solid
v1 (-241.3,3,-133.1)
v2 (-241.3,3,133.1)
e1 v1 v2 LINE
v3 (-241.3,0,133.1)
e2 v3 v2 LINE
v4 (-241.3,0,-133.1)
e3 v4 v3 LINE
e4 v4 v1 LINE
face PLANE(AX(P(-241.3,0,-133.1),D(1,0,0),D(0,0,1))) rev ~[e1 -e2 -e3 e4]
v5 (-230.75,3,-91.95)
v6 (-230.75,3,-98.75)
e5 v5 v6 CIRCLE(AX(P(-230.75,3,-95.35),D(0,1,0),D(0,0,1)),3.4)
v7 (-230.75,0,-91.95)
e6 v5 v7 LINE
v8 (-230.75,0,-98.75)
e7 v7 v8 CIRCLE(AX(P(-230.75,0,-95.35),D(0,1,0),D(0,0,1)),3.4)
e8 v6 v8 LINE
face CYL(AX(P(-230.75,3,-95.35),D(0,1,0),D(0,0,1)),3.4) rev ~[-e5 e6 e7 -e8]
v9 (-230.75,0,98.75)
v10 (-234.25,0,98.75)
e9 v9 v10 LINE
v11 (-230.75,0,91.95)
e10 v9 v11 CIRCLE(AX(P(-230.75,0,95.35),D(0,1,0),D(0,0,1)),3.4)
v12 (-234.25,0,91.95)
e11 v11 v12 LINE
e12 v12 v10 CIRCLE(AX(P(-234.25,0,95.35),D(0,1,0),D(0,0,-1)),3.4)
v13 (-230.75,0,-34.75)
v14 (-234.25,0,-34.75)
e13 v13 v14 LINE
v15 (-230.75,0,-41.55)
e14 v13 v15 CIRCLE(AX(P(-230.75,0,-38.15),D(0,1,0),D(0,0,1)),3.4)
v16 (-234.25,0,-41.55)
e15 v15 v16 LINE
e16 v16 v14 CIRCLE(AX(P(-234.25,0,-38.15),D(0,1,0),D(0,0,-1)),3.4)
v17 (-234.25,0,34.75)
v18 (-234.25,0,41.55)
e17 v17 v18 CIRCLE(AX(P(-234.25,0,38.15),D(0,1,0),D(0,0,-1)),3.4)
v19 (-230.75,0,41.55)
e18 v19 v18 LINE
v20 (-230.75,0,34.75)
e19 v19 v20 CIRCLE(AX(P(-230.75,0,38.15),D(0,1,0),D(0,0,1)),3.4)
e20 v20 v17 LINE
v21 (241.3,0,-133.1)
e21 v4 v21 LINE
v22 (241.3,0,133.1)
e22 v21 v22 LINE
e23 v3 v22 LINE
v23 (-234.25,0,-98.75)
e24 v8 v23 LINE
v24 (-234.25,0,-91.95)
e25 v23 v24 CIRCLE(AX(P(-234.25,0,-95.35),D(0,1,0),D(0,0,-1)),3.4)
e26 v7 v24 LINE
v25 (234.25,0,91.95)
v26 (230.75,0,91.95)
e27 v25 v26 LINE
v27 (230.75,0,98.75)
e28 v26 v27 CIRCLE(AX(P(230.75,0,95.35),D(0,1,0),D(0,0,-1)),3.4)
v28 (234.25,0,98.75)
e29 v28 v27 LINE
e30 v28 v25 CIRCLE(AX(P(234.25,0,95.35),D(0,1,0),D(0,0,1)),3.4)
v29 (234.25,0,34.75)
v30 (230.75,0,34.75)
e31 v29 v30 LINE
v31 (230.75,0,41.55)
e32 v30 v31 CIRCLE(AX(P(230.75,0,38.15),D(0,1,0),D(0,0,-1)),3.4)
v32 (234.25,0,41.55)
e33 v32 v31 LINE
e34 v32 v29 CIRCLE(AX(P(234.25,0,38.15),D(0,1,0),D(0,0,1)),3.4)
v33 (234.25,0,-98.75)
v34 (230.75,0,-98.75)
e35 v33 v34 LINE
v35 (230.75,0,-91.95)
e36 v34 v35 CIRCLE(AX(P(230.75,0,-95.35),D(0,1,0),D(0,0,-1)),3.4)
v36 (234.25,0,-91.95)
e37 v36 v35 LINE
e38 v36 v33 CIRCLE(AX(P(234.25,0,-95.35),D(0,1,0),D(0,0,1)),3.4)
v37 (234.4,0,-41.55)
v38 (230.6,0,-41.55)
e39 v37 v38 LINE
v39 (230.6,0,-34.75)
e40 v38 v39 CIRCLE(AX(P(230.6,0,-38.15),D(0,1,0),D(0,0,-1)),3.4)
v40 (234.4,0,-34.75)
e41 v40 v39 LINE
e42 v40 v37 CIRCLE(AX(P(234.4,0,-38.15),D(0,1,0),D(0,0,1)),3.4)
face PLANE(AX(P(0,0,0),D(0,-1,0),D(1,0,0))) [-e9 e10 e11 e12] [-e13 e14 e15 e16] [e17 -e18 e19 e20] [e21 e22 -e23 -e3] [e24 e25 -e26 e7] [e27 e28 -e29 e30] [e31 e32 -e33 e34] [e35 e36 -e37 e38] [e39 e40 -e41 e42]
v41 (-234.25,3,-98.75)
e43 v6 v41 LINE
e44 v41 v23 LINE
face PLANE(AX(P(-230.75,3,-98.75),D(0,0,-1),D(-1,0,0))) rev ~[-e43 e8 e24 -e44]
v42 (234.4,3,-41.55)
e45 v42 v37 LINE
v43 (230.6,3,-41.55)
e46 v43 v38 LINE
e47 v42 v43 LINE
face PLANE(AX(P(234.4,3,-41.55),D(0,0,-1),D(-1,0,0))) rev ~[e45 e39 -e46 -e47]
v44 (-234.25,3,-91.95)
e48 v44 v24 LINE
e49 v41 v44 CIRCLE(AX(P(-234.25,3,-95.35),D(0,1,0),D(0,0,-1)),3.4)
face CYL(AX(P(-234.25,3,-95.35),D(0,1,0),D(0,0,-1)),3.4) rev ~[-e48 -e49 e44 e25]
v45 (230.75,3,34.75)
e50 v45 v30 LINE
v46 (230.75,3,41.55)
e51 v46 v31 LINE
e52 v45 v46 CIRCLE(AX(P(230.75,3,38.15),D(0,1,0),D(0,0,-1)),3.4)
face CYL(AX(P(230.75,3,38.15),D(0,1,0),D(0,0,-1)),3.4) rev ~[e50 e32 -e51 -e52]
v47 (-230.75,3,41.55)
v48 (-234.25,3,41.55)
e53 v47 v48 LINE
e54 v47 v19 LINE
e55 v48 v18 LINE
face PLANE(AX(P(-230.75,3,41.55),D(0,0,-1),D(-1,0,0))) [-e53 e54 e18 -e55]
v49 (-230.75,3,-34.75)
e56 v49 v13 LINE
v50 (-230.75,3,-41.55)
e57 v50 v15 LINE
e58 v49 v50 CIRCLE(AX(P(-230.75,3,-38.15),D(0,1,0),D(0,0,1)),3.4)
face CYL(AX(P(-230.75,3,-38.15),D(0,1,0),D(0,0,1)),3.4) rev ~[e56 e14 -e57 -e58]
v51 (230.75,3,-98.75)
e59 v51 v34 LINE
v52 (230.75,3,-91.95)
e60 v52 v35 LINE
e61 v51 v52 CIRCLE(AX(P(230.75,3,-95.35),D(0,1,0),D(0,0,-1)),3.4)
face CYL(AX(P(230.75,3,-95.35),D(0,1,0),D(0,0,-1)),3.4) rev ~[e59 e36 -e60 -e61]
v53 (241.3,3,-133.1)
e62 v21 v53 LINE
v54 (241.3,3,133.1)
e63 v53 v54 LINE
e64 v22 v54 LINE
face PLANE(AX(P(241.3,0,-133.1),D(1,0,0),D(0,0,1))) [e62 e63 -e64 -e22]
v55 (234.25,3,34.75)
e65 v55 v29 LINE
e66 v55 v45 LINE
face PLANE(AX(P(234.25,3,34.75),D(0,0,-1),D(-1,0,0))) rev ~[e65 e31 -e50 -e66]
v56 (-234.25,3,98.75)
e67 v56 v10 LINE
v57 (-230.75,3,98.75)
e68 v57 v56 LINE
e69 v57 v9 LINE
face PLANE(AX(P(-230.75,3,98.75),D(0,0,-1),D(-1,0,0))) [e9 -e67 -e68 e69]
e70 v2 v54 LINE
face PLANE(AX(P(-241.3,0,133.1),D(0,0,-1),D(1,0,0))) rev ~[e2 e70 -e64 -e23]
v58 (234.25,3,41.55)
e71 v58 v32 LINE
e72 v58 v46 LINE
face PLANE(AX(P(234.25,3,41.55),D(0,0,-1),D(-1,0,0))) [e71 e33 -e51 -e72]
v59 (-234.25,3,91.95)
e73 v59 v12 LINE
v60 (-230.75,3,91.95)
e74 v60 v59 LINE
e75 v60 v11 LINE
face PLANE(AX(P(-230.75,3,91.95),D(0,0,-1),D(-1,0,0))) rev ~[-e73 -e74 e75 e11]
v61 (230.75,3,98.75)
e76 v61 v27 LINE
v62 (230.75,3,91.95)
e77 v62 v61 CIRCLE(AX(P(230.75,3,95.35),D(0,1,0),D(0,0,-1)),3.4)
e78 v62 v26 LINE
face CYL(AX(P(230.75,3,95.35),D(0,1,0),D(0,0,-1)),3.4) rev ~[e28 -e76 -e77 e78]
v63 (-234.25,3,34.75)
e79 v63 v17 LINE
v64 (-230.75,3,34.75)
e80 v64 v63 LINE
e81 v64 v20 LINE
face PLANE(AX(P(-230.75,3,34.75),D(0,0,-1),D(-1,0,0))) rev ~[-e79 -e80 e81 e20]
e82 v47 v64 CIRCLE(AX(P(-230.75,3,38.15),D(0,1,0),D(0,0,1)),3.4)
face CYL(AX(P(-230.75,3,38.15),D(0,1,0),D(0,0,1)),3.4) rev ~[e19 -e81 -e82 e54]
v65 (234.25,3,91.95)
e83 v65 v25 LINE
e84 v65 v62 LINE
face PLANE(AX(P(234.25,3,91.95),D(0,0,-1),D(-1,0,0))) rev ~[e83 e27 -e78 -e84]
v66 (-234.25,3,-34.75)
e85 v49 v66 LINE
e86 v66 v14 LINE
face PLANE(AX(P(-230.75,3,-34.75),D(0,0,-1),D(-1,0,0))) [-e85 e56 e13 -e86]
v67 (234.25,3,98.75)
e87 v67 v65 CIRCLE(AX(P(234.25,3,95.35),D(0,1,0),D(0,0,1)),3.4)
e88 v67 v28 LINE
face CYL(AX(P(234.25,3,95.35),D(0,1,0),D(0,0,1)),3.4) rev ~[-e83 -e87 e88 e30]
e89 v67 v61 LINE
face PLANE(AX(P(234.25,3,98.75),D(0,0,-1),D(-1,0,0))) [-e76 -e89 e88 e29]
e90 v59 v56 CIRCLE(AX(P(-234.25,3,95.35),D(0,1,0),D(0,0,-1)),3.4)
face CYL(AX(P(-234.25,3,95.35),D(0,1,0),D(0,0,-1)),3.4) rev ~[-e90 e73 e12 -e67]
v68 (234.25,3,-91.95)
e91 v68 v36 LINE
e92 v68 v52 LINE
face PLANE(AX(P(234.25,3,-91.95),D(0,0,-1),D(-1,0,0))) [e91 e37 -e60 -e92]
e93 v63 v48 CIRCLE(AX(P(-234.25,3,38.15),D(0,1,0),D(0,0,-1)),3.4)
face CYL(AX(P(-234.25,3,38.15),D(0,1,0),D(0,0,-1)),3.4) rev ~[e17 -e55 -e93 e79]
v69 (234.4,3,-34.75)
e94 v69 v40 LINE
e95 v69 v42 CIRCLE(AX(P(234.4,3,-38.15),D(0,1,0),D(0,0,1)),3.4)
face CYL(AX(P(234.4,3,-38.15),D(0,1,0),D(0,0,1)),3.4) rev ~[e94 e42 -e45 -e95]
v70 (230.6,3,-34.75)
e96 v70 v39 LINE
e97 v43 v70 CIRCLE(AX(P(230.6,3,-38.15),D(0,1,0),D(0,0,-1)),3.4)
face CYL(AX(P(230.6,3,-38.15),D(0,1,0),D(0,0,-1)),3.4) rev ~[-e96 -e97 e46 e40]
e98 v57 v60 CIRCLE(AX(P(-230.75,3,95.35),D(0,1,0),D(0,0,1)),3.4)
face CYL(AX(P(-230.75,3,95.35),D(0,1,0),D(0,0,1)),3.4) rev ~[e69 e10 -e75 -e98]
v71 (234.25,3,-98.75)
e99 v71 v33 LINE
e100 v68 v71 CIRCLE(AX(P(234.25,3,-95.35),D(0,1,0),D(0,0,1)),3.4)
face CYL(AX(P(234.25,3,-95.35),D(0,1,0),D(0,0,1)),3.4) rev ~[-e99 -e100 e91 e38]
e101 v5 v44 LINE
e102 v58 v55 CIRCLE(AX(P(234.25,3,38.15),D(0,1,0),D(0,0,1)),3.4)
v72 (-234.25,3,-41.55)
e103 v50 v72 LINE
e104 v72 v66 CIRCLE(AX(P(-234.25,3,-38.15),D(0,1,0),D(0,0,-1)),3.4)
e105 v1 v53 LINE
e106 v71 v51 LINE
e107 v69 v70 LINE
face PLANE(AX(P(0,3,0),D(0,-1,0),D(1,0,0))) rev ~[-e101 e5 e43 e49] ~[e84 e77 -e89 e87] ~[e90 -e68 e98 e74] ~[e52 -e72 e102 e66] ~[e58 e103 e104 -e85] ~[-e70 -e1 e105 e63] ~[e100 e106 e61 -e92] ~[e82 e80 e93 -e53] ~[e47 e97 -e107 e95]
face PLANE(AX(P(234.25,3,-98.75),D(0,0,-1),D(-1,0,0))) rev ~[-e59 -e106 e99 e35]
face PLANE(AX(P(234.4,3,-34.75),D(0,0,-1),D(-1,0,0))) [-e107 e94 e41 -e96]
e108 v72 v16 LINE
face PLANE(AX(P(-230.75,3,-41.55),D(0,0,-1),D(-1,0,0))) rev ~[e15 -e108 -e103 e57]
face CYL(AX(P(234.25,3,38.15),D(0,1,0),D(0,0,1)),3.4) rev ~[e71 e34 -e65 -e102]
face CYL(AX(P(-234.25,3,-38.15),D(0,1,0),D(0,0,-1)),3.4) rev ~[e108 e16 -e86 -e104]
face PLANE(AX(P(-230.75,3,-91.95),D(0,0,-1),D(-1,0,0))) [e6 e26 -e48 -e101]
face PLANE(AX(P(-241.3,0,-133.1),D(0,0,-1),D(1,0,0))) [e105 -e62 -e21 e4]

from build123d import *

# Parameters (mm, degrees)
F0_W      = 482.6
F0_H      = 266.2
F1_DEPTH  = 3
F2_W      = 3.5
F2_H      = 6.8
F3_DEPTH  = 3
F4_W      = 3.5
F4_H      = 6.8
F5_DEPTH  = 3
F6_W      = 3.5
F6_H      = 6.8
F7_DEPTH  = 3
F8_W      = 3.5
F8_H      = 6.8
F9_DEPTH  = 3
F12_W     = 3.8
F12_H     = 6.8
F12_W_2   = 3.5
F10_W     = 3.5
F10_H     = 6.8
F11_W     = 3.5
F11_H     = 6.8
F13_DEPTH = 3


with BuildPart() as f1:
    # F0 (on Front) → F1 (new body)
    with BuildSketch(Plane.XZ):
        Rectangle(F0_W, F0_H)
    extrude(amount=-F1_DEPTH)

    # F2 (on face) → F3 (cut)
    with BuildSketch(Plane(origin=(0, 3, 0), x_dir=(-1, 0, 0), z_dir=(0, 1, 0))):
        with Locations((232.5, 95.35)):
            Rectangle(F2_W, F2_H)
        with BuildLine():
            Line((234.25, 98.75), (234.25, 91.95))
            ThreePointArc((234.25, 91.95), (237.65, 95.35), (234.25, 98.75))
        make_face()
        with BuildLine():
            ThreePointArc((230.75, 98.75), (227.35, 95.35), (230.75, 91.95))
            Line((230.75, 91.95), (230.75, 98.75))
        make_face()
    extrude(amount=-F3_DEPTH, mode=Mode.SUBTRACT)

    # F4 (on face) → F5 (cut)
    with BuildSketch(Plane(origin=(0, 3, 0), x_dir=(-1, 0, 0), z_dir=(0, 1, 0))):
        with Locations((232.5, 38.15)):
            Rectangle(F4_W, F4_H)
        with BuildLine():
            Line((234.25, 41.55), (234.25, 34.75))
            ThreePointArc((234.25, 34.75), (237.65, 38.15), (234.25, 41.55))
        make_face()
        with BuildLine():
            ThreePointArc((230.75, 41.55), (227.35, 38.15), (230.75, 34.75))
            Line((230.75, 34.75), (230.75, 41.55))
        make_face()
    extrude(amount=-F5_DEPTH, mode=Mode.SUBTRACT)

    # F6 (on face) → F7 (cut)
    with BuildSketch(Plane(origin=(0, 3, 0), x_dir=(-1, 0, 0), z_dir=(0, 1, 0))):
        with Locations((232.5, -38.15)):
            Rectangle(F6_W, F6_H)
        with BuildLine():
            Line((234.25, -34.75), (234.25, -41.55))
            ThreePointArc((234.25, -41.55), (237.65, -38.15), (234.25, -34.75))
        make_face()
        with BuildLine():
            ThreePointArc((230.75, -34.75), (227.35, -38.15), (230.75, -41.55))
            Line((230.75, -41.55), (230.75, -34.75))
        make_face()
    extrude(amount=-F7_DEPTH, mode=Mode.SUBTRACT)

    # F8 (on face) → F9 (cut)
    with BuildSketch(Plane(origin=(0, 3, 0), x_dir=(-1, 0, 0), z_dir=(0, 1, 0))):
        with Locations((232.5, -95.35)):
            Rectangle(F8_W, F8_H)
        with BuildLine():
            ThreePointArc((234.25, -98.75), (237.65, -95.35), (234.25, -91.95))
            Line((234.25, -91.95), (234.25, -98.75))
        make_face()
        with BuildLine():
            Line((230.75, -98.75), (230.75, -91.95))
            ThreePointArc((230.75, -91.95), (227.35, -95.35), (230.75, -98.75))
        make_face()
    extrude(amount=-F9_DEPTH, mode=Mode.SUBTRACT)

    # F12 (on face) + F10 (on face) + F11 (on face) → F13 (cut)
    with BuildSketch(Plane(origin=(0, 3, 0), x_dir=(-1, 0, 0), z_dir=(0, 1, 0))):
        with Locations((-232.5, -38.15)):
            Rectangle(F12_W, F12_H)
        with BuildLine():
            Line((-230.6, -34.75), (-230.6, -41.55))
            ThreePointArc((-230.6, -41.55), (-227.2, -38.15), (-230.6, -34.75))
        make_face()
        with BuildLine():
            ThreePointArc((-234.4, -34.75), (-237.8, -38.15), (-234.4, -41.55))
            Line((-234.4, -41.55), (-234.4, -34.75))
        make_face()
        with Locations((-232.5, -95.35)):
            Rectangle(F12_W_2, F12_H)
        with BuildLine():
            Line((-230.75, -91.95), (-230.75, -98.75))
            ThreePointArc((-230.75, -98.75), (-227.35, -95.35), (-230.75, -91.95))
        make_face()
        with BuildLine():
            ThreePointArc((-234.25, -91.95), (-237.65, -95.35), (-234.25, -98.75))
            Line((-234.25, -98.75), (-234.25, -91.95))
        make_face()
    with BuildSketch(Plane(origin=(0, 3, 0), x_dir=(-1, 0, 0), z_dir=(0, 1, 0))):
        with Locations((-232.5, 95.35)):
            Rectangle(F10_W, F10_H)
        with BuildLine():
            Line((-230.75, 98.75), (-230.75, 91.95))
            ThreePointArc((-230.75, 91.95), (-227.35, 95.35), (-230.75, 98.75))
        make_face()
        with BuildLine():
            ThreePointArc((-234.25, 98.75), (-237.65, 95.35), (-234.25, 91.95))
            Line((-234.25, 91.95), (-234.25, 98.75))
        make_face()
    with BuildSketch(Plane(origin=(0, 3, 0), x_dir=(-1, 0, 0), z_dir=(0, 1, 0))):
        with Locations((-232.5, 38.15)):
            Rectangle(F11_W, F11_H)
        with BuildLine():
            Line((-234.25, 34.75), (-234.25, 41.55))
            ThreePointArc((-234.25, 41.55), (-237.65, 38.15), (-234.25, 34.75))
        make_face()
        with BuildLine():
            ThreePointArc((-230.75, 34.75), (-227.35, 38.15), (-230.75, 41.55))
            Line((-230.75, 41.55), (-230.75, 34.75))
        make_face()
    extrude(amount=-F13_DEPTH, mode=Mode.SUBTRACT)


solid = f1.part
